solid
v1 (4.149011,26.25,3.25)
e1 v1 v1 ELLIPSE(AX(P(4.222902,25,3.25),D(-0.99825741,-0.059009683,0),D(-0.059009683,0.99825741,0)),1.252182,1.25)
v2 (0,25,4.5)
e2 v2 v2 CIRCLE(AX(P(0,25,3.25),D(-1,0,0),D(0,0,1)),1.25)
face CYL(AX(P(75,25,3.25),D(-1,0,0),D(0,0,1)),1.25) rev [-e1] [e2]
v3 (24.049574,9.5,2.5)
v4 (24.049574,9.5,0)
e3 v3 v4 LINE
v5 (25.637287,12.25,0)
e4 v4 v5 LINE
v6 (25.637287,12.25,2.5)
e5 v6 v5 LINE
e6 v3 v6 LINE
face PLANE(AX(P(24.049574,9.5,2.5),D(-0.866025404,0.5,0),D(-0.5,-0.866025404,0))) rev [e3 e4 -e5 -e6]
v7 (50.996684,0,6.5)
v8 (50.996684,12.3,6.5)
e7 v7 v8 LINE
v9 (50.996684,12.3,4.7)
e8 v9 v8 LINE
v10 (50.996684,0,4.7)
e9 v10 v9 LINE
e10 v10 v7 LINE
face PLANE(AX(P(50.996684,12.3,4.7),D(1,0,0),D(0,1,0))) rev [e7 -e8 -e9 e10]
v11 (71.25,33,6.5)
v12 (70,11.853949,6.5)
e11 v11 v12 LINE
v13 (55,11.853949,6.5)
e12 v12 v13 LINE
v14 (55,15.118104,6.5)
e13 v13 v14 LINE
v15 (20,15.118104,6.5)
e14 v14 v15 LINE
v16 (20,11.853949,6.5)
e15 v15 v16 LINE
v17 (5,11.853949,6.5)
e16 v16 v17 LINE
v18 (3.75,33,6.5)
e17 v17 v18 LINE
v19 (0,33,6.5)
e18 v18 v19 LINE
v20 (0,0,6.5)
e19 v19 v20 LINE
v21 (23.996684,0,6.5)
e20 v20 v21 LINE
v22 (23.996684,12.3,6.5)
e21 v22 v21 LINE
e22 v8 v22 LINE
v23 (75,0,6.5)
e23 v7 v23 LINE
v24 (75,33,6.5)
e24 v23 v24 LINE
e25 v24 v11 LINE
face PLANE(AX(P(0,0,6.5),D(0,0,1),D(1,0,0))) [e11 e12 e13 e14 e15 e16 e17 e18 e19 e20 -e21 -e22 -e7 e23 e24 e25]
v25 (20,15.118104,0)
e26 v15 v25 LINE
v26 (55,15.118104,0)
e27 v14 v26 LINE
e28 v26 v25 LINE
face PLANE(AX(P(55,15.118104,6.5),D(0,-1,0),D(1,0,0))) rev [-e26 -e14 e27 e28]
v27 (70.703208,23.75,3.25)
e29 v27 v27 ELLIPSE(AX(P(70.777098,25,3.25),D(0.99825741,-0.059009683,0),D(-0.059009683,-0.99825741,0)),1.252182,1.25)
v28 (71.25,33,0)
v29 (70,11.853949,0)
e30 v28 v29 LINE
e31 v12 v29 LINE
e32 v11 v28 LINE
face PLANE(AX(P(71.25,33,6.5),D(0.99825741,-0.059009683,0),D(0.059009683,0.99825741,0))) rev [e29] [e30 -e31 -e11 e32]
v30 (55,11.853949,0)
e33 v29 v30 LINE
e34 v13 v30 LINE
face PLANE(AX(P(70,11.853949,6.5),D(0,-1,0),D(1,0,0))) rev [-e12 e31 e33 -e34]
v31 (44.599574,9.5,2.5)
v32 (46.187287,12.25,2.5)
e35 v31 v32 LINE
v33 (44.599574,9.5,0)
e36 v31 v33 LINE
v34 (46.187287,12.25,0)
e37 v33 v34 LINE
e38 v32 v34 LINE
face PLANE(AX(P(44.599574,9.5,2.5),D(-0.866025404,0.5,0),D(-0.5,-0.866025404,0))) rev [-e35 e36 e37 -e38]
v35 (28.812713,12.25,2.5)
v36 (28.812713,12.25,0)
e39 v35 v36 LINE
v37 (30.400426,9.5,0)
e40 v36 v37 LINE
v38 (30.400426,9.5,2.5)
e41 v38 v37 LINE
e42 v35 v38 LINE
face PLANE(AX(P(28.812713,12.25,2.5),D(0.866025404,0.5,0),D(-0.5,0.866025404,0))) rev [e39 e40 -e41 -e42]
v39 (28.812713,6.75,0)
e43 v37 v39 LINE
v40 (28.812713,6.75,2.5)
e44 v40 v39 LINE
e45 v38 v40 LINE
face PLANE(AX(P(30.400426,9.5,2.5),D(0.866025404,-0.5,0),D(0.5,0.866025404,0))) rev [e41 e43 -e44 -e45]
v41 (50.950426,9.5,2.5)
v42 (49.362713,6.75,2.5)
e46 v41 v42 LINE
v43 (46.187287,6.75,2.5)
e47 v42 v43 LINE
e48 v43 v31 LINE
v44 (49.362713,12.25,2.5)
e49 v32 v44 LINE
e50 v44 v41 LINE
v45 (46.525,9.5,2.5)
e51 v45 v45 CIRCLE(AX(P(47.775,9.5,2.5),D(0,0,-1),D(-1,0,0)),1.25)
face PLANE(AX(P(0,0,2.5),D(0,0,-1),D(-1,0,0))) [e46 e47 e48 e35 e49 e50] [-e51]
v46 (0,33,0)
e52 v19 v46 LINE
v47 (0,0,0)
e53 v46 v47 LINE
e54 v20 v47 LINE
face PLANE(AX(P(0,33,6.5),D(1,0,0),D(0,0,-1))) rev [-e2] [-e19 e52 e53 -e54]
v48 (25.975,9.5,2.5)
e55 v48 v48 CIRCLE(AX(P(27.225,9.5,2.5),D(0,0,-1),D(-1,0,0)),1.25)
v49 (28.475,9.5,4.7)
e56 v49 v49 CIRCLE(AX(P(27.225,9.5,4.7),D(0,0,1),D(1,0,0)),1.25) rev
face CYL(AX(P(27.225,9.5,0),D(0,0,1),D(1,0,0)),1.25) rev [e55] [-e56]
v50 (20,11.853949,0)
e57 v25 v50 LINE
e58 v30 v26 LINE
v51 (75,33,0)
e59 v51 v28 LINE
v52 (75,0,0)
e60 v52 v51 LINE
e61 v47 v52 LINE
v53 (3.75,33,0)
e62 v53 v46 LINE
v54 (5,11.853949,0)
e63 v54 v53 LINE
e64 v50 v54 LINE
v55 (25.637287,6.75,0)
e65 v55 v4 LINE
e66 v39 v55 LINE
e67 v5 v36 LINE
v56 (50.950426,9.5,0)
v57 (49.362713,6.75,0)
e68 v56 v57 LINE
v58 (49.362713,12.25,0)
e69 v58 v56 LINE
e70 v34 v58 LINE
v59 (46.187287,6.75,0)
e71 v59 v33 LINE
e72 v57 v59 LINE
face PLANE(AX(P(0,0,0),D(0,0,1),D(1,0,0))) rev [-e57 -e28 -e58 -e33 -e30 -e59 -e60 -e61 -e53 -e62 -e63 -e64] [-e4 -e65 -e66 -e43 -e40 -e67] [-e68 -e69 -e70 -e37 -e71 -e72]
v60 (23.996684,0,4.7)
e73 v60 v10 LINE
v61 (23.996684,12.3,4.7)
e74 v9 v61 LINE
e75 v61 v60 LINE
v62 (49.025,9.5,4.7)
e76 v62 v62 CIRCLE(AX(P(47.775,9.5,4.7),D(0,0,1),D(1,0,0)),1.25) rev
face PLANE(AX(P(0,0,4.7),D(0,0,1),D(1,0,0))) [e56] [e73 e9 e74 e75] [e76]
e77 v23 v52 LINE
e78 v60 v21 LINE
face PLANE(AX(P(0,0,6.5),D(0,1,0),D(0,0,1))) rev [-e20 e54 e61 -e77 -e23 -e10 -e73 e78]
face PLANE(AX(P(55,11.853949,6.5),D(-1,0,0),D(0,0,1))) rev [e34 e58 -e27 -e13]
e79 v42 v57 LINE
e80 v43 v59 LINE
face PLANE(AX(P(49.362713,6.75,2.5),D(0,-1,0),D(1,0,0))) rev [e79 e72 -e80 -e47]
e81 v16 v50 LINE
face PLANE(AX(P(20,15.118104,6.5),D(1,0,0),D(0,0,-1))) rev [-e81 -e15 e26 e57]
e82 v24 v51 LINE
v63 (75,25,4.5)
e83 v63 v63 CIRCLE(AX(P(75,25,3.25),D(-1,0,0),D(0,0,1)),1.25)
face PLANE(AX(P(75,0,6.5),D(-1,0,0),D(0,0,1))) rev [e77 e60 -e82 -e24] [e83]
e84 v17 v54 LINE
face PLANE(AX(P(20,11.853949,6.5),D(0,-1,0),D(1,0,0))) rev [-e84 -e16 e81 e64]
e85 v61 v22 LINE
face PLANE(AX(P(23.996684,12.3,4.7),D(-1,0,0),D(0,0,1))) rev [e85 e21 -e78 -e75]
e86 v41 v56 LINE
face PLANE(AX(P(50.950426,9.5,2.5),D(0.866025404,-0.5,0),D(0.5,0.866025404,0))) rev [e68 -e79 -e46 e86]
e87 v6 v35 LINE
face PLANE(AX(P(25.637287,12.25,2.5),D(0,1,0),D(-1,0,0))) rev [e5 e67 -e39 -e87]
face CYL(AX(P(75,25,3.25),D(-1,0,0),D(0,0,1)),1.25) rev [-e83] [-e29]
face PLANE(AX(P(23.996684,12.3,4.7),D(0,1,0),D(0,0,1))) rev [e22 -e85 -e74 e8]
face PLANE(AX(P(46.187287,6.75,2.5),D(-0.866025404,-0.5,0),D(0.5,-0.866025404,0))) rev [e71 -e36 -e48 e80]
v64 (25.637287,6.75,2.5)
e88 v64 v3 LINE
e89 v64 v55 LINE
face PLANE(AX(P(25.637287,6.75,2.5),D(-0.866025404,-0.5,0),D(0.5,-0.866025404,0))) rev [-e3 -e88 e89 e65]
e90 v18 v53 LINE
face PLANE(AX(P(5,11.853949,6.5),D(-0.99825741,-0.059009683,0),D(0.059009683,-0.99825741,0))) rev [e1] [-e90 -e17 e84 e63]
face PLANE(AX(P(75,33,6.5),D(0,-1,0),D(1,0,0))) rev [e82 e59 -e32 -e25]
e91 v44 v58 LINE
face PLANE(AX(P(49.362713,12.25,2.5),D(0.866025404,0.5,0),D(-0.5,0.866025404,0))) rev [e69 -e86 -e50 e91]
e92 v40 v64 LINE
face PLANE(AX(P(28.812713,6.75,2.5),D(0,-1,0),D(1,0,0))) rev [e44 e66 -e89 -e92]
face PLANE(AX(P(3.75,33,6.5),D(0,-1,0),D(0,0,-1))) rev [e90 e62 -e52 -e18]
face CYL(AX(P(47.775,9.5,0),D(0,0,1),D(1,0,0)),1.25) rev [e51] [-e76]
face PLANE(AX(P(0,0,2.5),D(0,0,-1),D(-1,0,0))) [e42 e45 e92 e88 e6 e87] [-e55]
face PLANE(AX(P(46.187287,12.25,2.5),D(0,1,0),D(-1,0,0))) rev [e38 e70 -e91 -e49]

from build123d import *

# Parameters (mm, degrees)
ESTRUSIONE_ESTRUSIONE1_DEPTH = 6.5
TAGLIO_ESTRUSIONE2_DEPTH     = 2.5
SCHIZZO2_R                   = 1.25
TAGLIO_ESTRUSIONE3_DEPTH     = 7.5
SCHIZZO4_W                   = 27
SCHIZZO4_H                   = 12.3
TAGLIO_ESTRUSIONE4_DEPTH     = 1.8
SCHIZZO6_R                   = 1.25
TAGLIO_ESTRUSIONE5_DEPTH     = 76


with BuildPart() as part:
    # Schizzo1 → Estrusione-Estrusione1 (new body)
    with BuildSketch(Plane.XY):
        Polygon((0, 0), (75, 0), (75, 33), (71.25, 33), (70, 11.85394892), (55, 11.85394892), (55, 15.118104456), (20, 15.118104456), (20, 11.85394892), (5, 11.85394892), (3.75, 33), (0, 33), align=None)
    extrude(amount=ESTRUSIONE_ESTRUSIONE1_DEPTH)

    # Schizzo3 → Taglio-Estrusione2 (cut)
    with BuildSketch(Plane(origin=(0, 0, 0), x_dir=(-1, 0, 0), z_dir=(0, 0, -1))):
        Polygon((-44.599573519, 9.5), (-46.18728676, 12.25), (-49.36271324, 12.25), (-50.950426481, 9.5), (-49.36271324, 6.75), (-46.18728676, 6.75), align=None)
        Polygon((-24.049573519, 9.5), (-25.63728676, 12.25), (-28.81271324, 12.25), (-30.400426481, 9.5), (-28.81271324, 6.75), (-25.63728676, 6.75), align=None)
    extrude(amount=-TAGLIO_ESTRUSIONE2_DEPTH, mode=Mode.SUBTRACT)

    # Schizzo2 → Taglio-Estrusione3 (cut, through all)
    with BuildSketch(Plane.XY.offset(6.5)):
        with Locations((27.225, 9.5)):
            Circle(SCHIZZO2_R)
        with Locations((47.775, 9.5)):
            Circle(SCHIZZO2_R)
    extrude(amount=-TAGLIO_ESTRUSIONE3_DEPTH, mode=Mode.SUBTRACT)

    # Schizzo4 → Taglio-Estrusione4 (cut)
    with BuildSketch(Plane.XY.offset(6.5)):
        with Locations((37.496683744, 6.15)):
            Rectangle(SCHIZZO4_W, SCHIZZO4_H)
    extrude(amount=-TAGLIO_ESTRUSIONE4_DEPTH, mode=Mode.SUBTRACT)

    # Schizzo6 → Taglio-Estrusione5 (cut, through all)
    with BuildSketch(Plane.ZY):
        with Locations((3.25, 25)):
            Circle(SCHIZZO6_R)
    extrude(amount=-TAGLIO_ESTRUSIONE5_DEPTH, mode=Mode.SUBTRACT)


solid = part.part
